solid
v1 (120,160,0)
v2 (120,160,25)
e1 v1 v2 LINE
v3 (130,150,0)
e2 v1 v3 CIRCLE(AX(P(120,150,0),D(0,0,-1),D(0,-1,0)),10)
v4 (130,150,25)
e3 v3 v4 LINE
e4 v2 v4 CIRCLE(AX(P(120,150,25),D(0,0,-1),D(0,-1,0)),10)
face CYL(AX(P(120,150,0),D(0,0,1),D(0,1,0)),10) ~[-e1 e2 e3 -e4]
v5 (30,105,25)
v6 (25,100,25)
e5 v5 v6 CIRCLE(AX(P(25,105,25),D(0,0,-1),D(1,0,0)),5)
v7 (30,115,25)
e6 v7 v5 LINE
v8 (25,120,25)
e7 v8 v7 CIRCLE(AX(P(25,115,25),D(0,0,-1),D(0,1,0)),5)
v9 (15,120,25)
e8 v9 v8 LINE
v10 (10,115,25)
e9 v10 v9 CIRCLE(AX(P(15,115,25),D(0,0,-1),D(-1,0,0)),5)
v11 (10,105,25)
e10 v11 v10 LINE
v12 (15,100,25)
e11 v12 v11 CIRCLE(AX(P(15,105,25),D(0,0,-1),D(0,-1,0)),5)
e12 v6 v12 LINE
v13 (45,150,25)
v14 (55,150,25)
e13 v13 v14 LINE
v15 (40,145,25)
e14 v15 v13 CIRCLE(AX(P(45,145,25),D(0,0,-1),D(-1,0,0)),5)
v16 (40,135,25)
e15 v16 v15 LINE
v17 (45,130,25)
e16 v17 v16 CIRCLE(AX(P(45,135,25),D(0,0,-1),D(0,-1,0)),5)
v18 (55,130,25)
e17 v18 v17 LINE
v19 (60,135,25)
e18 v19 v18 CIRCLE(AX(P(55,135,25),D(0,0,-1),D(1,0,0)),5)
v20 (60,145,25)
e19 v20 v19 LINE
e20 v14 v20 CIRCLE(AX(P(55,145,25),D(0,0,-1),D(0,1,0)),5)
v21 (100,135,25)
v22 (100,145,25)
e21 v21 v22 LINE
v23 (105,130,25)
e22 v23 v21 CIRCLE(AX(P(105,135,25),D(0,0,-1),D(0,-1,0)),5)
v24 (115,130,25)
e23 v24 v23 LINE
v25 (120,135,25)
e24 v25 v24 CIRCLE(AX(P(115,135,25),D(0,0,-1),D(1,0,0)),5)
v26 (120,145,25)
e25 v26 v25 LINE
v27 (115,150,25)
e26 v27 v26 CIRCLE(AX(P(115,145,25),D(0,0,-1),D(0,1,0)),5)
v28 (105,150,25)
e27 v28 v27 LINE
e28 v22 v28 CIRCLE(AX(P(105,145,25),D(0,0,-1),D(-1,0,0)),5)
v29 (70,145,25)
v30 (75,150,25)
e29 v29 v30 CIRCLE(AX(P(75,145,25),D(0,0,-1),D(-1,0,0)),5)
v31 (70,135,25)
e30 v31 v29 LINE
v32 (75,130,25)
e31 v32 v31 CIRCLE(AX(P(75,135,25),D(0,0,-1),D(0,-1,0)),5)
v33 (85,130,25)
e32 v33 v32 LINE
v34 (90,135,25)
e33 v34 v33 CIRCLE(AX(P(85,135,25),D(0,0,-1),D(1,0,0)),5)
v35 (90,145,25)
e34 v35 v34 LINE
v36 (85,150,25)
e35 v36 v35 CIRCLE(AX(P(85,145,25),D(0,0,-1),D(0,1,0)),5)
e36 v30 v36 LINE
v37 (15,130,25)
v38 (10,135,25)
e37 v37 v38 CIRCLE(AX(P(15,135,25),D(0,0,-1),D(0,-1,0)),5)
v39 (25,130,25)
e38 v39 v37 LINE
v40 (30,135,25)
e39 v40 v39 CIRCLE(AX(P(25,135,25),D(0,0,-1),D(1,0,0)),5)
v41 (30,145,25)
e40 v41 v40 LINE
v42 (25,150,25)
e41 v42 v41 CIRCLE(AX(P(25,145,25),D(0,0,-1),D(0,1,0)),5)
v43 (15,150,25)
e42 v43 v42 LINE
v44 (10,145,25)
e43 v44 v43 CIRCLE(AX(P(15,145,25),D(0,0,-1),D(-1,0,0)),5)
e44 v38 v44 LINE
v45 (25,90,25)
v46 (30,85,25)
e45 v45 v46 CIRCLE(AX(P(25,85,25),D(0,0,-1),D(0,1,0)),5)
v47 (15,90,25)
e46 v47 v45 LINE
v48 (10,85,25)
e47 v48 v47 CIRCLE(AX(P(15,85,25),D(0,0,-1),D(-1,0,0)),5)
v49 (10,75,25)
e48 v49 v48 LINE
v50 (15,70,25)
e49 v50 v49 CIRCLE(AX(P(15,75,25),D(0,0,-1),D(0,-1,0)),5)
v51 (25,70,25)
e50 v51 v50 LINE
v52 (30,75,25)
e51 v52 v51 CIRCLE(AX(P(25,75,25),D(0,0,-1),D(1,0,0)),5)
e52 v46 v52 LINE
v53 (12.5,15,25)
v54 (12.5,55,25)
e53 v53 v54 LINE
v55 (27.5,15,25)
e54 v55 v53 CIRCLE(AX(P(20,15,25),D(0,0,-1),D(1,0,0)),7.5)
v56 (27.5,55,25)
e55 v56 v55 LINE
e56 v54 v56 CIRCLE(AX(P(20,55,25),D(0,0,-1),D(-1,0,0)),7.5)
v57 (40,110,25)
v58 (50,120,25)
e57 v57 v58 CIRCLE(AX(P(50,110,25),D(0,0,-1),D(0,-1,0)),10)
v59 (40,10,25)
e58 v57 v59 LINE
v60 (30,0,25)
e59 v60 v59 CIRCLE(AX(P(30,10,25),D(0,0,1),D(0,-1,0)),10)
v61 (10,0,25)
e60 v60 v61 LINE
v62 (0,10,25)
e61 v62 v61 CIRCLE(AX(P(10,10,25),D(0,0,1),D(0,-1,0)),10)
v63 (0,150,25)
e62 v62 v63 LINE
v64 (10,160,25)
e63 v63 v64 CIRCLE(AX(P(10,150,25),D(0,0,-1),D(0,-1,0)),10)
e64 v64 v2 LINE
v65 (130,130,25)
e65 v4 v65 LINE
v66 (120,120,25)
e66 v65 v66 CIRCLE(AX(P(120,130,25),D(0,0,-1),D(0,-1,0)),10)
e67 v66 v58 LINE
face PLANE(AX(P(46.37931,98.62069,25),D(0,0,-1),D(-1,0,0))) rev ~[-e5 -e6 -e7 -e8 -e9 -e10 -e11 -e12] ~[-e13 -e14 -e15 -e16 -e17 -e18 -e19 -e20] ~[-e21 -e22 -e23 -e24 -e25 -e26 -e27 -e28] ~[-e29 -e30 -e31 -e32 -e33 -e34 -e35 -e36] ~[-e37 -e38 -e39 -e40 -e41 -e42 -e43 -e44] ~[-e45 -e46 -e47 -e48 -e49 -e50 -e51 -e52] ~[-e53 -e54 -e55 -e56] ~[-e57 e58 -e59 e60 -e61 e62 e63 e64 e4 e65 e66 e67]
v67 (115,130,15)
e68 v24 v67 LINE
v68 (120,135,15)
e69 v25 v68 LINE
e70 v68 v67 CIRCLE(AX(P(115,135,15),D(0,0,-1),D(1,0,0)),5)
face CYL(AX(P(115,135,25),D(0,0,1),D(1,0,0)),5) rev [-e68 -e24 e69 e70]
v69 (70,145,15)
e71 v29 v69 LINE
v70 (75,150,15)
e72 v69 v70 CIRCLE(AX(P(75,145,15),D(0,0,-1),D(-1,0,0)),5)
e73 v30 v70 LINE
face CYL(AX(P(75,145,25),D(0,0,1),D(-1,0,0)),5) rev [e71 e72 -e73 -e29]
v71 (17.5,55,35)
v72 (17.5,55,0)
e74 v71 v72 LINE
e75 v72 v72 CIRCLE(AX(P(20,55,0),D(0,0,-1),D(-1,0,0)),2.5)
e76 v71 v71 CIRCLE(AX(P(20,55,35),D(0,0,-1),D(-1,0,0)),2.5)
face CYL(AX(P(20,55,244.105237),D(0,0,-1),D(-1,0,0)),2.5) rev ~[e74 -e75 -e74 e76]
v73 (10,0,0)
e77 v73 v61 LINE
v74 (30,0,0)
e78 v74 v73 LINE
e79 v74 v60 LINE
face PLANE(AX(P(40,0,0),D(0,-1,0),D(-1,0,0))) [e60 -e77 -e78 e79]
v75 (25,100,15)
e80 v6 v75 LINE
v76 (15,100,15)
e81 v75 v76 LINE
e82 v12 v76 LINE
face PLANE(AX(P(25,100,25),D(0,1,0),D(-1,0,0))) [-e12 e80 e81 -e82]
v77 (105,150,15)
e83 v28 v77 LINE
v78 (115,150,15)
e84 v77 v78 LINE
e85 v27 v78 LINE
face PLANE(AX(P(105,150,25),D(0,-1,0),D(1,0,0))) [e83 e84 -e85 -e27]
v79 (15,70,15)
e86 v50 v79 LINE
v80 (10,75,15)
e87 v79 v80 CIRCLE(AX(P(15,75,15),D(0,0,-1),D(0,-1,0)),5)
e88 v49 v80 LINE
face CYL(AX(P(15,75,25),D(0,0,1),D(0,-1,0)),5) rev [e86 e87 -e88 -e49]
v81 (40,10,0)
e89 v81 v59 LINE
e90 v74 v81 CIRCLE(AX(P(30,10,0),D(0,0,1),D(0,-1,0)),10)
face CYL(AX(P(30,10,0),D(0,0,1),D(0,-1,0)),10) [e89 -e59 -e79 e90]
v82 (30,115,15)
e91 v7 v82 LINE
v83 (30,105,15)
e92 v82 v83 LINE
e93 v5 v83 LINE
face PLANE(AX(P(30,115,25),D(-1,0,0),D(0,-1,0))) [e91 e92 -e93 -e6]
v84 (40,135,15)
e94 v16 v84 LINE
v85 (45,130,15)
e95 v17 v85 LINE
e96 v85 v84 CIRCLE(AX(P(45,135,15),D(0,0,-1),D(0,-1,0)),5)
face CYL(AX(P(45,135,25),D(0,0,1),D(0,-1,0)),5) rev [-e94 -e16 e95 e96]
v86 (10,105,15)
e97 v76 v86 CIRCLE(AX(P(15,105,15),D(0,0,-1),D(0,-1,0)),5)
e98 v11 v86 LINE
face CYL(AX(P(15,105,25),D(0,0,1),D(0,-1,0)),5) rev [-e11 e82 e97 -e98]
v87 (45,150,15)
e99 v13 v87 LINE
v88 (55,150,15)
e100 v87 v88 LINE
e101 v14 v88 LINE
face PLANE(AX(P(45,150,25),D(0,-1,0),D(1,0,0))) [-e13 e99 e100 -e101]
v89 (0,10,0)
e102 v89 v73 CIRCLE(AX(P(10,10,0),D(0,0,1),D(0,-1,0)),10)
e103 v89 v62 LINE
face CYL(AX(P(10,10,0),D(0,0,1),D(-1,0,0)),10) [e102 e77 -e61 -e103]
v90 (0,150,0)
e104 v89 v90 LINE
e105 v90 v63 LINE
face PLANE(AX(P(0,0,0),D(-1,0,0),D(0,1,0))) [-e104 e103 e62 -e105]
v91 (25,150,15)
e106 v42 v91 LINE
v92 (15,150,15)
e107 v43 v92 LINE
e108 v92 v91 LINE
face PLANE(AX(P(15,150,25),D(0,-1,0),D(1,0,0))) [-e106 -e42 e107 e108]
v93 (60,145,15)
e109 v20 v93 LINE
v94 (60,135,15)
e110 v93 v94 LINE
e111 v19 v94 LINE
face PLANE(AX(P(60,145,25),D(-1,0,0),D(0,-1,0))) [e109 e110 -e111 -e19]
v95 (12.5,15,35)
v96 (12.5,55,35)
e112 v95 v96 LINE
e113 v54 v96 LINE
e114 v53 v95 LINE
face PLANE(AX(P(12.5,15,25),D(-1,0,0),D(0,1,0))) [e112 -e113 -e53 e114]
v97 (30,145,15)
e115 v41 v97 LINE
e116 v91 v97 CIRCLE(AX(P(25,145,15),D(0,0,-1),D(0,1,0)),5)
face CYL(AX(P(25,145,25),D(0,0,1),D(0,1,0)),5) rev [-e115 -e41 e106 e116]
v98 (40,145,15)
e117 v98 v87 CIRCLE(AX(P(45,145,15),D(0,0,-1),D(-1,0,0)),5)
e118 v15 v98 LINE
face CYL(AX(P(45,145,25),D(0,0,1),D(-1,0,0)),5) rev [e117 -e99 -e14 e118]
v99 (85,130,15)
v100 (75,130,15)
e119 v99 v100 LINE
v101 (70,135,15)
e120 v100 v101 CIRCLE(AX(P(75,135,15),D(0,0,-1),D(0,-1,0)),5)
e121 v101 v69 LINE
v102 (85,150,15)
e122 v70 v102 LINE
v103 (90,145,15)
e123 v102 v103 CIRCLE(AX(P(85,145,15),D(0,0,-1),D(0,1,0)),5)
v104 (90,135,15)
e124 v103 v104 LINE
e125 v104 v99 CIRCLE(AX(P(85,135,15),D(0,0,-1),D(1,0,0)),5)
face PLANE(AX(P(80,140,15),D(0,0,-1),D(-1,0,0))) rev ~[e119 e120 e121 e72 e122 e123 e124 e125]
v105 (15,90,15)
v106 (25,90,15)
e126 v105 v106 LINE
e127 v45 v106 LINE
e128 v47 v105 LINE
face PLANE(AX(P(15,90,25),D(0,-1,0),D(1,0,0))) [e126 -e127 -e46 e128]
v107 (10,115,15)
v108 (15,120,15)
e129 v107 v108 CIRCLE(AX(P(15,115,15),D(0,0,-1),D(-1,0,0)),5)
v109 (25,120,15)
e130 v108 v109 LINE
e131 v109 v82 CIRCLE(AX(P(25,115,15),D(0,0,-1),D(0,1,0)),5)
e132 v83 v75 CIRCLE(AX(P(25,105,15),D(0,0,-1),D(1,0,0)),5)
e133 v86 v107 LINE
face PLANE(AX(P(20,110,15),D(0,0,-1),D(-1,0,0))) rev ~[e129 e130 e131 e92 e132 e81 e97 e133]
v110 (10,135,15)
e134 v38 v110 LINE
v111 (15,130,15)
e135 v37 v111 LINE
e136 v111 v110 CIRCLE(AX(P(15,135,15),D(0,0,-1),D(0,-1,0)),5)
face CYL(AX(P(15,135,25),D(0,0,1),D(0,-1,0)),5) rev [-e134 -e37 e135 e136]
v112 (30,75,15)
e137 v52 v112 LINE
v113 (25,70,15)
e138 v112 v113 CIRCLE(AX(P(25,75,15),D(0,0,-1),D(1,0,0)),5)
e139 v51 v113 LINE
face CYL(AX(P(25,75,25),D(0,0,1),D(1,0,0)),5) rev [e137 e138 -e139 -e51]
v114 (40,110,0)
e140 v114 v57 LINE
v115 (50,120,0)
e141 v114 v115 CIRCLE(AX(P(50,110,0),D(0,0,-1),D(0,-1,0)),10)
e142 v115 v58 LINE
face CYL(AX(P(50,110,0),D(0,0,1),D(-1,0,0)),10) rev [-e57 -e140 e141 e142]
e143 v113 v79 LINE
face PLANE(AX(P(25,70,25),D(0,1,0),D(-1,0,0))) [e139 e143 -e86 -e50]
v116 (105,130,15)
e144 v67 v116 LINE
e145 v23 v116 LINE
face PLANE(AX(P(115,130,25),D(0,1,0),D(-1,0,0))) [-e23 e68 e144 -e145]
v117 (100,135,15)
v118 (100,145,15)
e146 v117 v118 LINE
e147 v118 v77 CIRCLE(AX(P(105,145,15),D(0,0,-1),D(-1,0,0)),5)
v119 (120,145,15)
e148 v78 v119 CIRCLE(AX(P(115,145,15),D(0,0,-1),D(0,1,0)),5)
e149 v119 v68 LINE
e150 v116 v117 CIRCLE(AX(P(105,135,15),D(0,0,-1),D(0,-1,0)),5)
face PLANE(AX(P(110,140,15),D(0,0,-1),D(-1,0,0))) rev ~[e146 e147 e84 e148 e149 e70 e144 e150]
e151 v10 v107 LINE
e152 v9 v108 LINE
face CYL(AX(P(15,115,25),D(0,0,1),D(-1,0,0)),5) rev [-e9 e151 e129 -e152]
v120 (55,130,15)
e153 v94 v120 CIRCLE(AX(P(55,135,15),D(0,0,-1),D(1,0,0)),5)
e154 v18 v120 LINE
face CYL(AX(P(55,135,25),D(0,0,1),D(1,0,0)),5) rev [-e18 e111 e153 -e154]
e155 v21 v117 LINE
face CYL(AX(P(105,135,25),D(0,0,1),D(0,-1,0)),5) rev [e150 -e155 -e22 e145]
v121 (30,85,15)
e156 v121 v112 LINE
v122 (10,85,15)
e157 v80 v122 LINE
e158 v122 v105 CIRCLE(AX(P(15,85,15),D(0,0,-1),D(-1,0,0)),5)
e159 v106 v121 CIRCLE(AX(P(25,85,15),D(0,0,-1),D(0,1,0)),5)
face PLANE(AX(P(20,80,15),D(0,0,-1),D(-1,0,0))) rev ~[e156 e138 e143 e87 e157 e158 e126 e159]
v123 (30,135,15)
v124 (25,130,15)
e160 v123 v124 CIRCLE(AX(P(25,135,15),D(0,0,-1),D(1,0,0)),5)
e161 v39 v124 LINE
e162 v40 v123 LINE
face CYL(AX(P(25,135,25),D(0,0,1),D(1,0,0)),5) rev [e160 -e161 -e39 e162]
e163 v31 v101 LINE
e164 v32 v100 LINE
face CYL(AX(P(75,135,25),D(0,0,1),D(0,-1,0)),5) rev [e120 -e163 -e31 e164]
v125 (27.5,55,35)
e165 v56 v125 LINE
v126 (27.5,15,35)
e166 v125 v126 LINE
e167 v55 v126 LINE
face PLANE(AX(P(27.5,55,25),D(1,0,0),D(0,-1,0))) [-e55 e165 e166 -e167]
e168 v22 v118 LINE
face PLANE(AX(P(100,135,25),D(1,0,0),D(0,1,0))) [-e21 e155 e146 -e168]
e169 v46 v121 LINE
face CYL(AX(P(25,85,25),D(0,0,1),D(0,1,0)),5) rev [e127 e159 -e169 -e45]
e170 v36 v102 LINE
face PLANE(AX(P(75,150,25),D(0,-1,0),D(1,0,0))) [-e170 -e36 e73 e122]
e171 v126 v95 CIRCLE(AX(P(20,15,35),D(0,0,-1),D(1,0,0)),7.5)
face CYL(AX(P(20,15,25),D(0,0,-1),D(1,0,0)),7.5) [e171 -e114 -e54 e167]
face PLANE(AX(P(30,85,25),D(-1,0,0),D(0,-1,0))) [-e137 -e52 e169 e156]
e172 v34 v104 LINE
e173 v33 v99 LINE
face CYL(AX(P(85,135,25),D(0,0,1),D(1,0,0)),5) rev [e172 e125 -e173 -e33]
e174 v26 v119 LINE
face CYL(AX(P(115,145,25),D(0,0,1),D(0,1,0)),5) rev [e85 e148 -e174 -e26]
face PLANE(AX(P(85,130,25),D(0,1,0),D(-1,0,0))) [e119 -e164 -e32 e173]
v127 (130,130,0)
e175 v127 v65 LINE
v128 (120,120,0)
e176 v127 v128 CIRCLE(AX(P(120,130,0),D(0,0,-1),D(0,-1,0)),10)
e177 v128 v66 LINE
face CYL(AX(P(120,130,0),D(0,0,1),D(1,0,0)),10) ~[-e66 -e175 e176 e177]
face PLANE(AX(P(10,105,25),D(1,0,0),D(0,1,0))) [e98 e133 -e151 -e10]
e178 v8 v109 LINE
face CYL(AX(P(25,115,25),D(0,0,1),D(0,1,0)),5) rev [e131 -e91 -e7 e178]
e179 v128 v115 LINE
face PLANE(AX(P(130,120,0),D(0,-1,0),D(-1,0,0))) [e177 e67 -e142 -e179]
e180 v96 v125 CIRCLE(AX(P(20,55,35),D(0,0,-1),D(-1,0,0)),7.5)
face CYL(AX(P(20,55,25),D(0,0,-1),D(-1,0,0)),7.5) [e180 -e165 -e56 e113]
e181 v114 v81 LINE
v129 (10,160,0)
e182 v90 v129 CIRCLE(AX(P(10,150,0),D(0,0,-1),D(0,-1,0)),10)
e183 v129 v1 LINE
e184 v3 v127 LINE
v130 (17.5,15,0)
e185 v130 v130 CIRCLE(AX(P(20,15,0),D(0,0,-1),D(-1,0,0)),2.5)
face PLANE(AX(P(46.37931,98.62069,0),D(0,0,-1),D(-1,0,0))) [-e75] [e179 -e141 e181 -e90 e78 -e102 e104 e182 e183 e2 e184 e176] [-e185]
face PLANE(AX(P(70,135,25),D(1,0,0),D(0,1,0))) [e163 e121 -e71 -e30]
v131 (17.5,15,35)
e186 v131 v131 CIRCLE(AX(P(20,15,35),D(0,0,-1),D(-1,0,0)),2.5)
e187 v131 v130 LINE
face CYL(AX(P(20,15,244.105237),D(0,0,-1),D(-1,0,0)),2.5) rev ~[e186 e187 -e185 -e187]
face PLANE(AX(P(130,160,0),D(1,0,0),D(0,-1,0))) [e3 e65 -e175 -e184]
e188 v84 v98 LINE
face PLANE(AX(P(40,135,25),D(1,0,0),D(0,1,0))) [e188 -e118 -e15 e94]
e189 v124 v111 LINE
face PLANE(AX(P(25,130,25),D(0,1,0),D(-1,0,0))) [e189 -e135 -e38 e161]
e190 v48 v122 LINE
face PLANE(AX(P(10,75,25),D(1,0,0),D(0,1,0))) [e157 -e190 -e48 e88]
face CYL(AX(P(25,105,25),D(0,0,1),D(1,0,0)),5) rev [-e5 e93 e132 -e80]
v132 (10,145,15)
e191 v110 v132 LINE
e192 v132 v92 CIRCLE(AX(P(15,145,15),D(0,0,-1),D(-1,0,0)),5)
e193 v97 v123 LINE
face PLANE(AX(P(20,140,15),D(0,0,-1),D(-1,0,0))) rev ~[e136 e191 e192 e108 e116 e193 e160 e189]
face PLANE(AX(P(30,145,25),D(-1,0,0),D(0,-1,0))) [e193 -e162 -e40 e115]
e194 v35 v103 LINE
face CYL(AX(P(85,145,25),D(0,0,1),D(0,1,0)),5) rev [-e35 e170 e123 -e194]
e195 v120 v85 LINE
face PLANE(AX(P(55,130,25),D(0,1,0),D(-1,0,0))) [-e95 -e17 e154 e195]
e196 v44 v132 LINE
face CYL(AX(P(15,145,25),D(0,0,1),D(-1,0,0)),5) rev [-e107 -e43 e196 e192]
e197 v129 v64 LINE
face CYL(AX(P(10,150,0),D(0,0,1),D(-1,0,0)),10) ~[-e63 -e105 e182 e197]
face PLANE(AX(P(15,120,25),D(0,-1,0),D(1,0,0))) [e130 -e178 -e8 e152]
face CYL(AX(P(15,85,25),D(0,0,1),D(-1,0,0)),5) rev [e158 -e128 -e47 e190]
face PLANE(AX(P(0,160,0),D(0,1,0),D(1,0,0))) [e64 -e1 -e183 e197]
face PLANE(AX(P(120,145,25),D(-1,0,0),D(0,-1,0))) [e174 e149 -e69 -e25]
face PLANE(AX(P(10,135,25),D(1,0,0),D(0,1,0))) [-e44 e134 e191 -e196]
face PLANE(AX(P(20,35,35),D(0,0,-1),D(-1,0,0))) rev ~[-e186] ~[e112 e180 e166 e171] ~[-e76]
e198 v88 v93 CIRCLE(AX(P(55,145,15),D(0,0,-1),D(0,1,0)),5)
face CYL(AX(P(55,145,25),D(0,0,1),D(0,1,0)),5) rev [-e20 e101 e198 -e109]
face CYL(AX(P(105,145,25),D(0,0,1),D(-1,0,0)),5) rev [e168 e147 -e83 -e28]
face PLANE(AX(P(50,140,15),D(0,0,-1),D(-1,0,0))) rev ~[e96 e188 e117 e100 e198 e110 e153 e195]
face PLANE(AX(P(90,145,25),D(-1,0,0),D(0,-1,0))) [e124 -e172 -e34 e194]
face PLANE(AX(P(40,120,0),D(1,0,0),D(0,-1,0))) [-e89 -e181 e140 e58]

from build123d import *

# Parameters (mm, degrees)
BASE_EXTRUDE_DEPTH       = 25
SQUARE_CUT_DEPTH         = 10
HORIZONTAL_PATTERN_COUNT = 4
HORIZONTAL_PATTERN_PITCH = 30
VERTICAL_PATTERN_COUNT   = 3
VERTICAL_PATTERN_PITCH   = 30
SLOT_EXTRUDE_DEPTH       = 10
M6X1_0_SLOT_HOLES_D      = 5
EDGE_FILLETS_R           = 10


with BuildPart() as part:
    # Base Sketch → Base Extrude (new body)
    with BuildSketch(Plane.XY):
        Polygon((0, 0), (0, 160), (130, 160), (130, 120), (40, 120), (40, 0), align=None)
    extrude(amount=BASE_EXTRUDE_DEPTH)

    # Square Sketch → Square Cut (cut)
    with BuildSketch(Plane.XY.offset(25)):
        with BuildLine():
            Line((15, 150), (25, 150))
            ThreePointArc((25, 150), (28.535533906, 148.535533906), (30, 145))
            Line((30, 145), (30, 135))
            ThreePointArc((30, 135), (28.535533906, 131.464466094), (25, 130))
            Line((25, 130), (15, 130))
            ThreePointArc((15, 130), (11.464466094, 131.464466094), (10, 135))
            Line((10, 135), (10, 145))
            ThreePointArc((10, 145), (11.464466094, 148.535533906), (15, 150))
        make_face()
    square_cut = extrude(amount=-SQUARE_CUT_DEPTH, mode=Mode.SUBTRACT)

    # Horizontal Pattern: Square Cut ×4
    with Locations(*[(i * HORIZONTAL_PATTERN_PITCH, 0, 0) for i in range(1, HORIZONTAL_PATTERN_COUNT)]):
        add(square_cut, mode=Mode.SUBTRACT)

    # Vertical Pattern: Square Cut ×3
    with Locations(*[(0, -i * VERTICAL_PATTERN_PITCH, 0) for i in range(1, VERTICAL_PATTERN_COUNT)]):
        add(square_cut, mode=Mode.SUBTRACT)

    # Slot Sketch → Slot Extrude (add)
    with BuildSketch(Plane.XY.offset(25)):
        with BuildLine():
            Line((12.5, 15), (12.5, 55))
            ThreePointArc((12.5, 55), (20, 62.5), (27.5, 55))
            Line((27.5, 55), (27.5, 15))
            ThreePointArc((27.5, 15), (20, 7.5), (12.5, 15))
        make_face()
    extrude(amount=SLOT_EXTRUDE_DEPTH)

    # M6x1.0 Slot Holes (through all)
    with Locations(Plane.XY.offset(35)):
        with Locations((20, 55), (20, 15)):
            Hole(M6X1_0_SLOT_HOLES_D / 2)

    # Edge Fillets
    edge_fillets_edges = [part.edges().sort_by_distance(p)[0] for p in [
        (0, 0, 12.5),
        (0, 160, 12.5),
        (130, 160, 12.5),
        (130, 120, 12.5),
        (40, 120, 12.5),
        (40, 0, 12.5),
    ]]
    fillet(edge_fillets_edges, radius=EDGE_FILLETS_R)


solid = part.part
